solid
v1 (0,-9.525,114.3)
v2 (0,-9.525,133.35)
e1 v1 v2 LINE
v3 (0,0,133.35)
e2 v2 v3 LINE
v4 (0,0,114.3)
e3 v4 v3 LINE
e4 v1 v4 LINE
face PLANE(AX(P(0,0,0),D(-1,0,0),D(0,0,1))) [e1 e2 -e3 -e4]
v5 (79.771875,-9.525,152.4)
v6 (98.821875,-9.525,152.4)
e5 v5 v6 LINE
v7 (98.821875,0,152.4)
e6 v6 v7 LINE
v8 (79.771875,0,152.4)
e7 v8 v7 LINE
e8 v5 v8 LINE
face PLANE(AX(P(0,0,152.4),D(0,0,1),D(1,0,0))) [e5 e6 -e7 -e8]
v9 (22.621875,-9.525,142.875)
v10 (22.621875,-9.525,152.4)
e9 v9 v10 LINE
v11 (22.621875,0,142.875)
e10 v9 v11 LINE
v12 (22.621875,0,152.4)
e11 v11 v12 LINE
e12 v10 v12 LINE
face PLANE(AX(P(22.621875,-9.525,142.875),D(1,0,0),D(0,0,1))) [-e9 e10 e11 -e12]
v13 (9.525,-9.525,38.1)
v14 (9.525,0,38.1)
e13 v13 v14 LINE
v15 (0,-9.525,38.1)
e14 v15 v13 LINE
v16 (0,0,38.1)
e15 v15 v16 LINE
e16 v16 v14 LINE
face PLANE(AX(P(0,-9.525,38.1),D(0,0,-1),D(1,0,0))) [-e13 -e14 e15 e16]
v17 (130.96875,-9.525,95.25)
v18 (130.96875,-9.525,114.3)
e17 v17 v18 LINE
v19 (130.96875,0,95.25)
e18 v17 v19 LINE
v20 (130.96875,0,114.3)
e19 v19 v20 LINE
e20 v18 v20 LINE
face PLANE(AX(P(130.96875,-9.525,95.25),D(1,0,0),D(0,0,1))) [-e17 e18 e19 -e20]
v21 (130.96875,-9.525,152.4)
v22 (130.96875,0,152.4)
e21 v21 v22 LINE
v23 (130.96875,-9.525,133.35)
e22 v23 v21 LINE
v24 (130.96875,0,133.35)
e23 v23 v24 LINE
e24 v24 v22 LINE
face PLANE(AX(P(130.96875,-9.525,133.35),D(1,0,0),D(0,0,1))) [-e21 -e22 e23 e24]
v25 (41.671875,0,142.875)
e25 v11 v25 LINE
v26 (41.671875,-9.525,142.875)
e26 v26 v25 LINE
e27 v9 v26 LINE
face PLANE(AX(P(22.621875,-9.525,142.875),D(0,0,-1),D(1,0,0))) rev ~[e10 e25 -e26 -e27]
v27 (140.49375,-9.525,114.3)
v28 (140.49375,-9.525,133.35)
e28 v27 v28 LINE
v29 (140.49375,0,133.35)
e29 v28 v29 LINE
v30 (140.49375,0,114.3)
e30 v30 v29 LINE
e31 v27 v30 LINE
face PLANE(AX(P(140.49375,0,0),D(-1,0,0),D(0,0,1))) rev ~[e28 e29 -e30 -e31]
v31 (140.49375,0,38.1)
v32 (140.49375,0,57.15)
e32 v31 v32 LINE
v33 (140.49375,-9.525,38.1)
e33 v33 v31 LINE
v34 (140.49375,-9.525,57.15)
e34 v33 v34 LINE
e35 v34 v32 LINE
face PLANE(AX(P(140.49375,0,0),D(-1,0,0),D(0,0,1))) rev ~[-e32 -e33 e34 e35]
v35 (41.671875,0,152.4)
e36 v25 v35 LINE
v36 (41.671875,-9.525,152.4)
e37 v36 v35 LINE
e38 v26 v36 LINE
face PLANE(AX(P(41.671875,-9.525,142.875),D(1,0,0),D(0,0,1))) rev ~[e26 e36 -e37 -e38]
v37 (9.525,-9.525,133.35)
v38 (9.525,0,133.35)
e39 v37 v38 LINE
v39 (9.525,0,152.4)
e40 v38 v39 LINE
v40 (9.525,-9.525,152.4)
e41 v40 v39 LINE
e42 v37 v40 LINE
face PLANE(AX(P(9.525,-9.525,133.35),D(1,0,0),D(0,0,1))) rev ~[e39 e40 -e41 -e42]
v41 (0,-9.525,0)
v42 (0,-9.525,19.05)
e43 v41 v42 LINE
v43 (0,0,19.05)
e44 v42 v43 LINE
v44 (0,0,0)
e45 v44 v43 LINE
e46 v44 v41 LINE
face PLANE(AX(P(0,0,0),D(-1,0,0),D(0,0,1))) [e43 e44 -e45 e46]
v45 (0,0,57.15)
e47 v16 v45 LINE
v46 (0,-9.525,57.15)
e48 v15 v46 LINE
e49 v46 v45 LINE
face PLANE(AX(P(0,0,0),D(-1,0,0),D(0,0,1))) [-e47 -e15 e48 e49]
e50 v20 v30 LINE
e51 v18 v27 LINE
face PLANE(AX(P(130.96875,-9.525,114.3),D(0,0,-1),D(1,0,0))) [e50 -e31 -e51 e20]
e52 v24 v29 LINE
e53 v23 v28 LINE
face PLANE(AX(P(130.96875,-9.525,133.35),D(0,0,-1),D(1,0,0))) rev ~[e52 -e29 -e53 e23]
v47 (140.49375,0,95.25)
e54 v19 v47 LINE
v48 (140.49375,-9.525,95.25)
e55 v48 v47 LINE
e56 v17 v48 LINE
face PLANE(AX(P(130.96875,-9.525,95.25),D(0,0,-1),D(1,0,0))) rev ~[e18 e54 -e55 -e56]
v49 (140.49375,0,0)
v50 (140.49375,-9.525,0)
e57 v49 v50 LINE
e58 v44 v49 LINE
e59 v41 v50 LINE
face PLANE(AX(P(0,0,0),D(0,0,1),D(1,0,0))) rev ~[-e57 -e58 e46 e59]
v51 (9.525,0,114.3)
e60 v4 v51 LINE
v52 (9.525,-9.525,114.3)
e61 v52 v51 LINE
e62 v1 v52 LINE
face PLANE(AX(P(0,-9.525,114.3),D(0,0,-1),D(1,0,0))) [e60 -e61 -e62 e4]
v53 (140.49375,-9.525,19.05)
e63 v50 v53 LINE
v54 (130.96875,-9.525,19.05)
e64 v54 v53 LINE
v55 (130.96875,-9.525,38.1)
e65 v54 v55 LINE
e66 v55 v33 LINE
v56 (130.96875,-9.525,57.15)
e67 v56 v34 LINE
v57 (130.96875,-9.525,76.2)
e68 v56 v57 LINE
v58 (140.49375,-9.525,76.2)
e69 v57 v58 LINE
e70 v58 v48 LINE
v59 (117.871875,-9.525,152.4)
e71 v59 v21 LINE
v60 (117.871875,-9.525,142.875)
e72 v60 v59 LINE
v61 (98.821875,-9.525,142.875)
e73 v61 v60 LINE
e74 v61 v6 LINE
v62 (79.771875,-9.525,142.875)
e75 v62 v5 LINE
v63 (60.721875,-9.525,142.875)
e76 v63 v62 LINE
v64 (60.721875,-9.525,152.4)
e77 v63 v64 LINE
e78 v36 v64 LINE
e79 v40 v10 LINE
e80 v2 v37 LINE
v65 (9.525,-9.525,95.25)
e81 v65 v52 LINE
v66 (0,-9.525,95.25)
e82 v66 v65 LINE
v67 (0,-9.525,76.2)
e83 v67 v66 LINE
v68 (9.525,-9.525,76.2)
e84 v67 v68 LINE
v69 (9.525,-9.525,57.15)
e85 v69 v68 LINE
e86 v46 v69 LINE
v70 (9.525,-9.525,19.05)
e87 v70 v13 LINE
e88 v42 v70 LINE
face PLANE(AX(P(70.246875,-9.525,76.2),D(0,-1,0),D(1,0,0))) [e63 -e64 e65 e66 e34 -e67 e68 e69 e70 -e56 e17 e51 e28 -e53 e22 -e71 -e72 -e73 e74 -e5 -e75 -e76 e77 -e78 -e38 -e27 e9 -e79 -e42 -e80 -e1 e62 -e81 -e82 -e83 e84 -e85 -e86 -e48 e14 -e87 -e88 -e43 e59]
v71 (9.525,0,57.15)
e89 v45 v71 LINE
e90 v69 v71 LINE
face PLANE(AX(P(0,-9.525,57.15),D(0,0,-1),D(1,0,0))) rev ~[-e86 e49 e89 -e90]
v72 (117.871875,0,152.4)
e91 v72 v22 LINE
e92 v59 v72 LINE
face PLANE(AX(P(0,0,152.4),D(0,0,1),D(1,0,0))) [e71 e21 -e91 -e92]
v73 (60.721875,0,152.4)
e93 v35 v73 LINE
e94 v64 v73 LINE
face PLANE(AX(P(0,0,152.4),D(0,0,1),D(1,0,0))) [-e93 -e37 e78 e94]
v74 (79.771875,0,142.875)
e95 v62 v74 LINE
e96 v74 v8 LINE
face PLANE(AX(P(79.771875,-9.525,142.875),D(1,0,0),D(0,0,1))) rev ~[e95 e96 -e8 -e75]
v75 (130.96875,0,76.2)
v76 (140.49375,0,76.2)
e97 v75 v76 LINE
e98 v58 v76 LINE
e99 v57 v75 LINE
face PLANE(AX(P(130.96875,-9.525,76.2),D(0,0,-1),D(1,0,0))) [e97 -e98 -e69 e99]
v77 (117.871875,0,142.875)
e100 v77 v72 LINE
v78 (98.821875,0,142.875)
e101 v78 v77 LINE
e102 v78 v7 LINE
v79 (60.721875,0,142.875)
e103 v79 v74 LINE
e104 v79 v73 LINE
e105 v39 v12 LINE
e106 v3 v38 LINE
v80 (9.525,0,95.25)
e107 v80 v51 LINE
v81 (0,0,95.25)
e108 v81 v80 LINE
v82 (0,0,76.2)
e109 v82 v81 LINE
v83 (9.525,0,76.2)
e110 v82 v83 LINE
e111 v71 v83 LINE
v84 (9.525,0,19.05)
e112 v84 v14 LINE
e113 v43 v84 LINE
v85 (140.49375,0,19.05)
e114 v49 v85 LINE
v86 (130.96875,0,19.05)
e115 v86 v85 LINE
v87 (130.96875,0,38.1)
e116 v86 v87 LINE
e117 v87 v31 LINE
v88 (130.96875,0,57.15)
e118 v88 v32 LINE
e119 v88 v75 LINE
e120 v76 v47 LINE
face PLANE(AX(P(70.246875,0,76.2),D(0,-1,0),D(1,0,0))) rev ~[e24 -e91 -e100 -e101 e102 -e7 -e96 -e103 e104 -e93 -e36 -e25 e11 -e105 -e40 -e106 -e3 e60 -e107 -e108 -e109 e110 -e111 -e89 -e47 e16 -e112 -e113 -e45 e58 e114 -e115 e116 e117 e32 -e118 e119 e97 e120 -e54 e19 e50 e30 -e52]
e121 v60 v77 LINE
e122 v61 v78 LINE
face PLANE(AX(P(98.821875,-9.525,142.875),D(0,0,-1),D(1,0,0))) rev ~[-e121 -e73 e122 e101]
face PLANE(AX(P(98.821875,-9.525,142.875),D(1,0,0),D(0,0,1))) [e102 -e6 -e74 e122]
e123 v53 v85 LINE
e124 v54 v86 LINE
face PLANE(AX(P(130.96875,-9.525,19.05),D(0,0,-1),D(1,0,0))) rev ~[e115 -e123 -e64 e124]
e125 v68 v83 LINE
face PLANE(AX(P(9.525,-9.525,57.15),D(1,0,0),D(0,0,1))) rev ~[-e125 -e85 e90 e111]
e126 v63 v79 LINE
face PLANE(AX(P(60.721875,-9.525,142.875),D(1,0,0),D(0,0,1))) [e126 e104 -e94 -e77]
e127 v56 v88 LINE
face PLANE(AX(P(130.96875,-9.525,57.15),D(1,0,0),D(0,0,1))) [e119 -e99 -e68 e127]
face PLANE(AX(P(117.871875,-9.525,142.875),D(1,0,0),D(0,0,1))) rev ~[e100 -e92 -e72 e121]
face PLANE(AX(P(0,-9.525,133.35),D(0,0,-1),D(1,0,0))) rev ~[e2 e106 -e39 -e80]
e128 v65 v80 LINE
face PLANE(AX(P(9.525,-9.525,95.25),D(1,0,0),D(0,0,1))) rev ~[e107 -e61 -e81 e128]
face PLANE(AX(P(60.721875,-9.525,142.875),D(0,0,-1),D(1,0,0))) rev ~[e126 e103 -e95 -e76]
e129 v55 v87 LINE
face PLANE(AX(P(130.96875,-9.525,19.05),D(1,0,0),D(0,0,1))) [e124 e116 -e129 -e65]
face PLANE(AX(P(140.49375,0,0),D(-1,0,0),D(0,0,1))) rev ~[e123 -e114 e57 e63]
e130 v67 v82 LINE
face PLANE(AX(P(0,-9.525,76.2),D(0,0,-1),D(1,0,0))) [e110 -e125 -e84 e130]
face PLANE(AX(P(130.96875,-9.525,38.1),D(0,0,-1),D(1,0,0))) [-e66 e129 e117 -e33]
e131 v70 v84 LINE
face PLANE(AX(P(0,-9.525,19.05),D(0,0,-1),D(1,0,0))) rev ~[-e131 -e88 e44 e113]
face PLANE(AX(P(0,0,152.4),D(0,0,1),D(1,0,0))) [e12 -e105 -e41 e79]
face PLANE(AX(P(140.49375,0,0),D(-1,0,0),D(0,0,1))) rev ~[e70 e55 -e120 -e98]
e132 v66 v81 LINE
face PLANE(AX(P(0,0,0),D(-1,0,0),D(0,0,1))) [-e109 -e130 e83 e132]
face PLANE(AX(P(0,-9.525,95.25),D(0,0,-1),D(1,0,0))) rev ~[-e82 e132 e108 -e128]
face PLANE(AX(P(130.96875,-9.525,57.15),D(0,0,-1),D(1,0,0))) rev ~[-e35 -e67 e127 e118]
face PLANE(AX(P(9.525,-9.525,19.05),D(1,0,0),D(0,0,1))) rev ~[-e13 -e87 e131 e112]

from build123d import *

# Parameters (mm, degrees)
F0_W     = 140.49375
F0_H     = 152.4
F1_DEPTH = 9.525
F2_W     = 9.525
F2_H     = 19.05
F2_W_2   = 19.05
F2_H_2   = 9.525
F3_DEPTH = 25.4


with BuildPart() as f1:
    # F0 (on Front) → F1 (new body)
    with BuildSketch(Plane.XZ):
        with Locations((70.246875, 76.2)):
            Rectangle(F0_W, F0_H)
    extrude(amount=F1_DEPTH)

    # F2 (on face) → F3 (cut)
    with BuildSketch(Plane.XZ.offset(9.525)):
        with Locations((4.7625, 142.875)):
            Rectangle(F2_W, F2_H)
        with Locations((4.7625, 104.775)):
            Rectangle(F2_W, F2_H)
        with Locations((4.7625, 66.675)):
            Rectangle(F2_W, F2_H)
        with Locations((4.7625, 28.575)):
            Rectangle(F2_W, F2_H)
        with Locations((32.146875, 147.6375)):
            Rectangle(F2_W_2, F2_H_2)
        with Locations((70.246875, 147.6375)):
            Rectangle(F2_W_2, F2_H_2)
        with Locations((108.346875, 147.6375)):
            Rectangle(F2_W_2, F2_H_2)
        with Locations((135.73125, 142.875)):
            Rectangle(F2_W, F2_H)
        with Locations((135.73125, 104.775)):
            Rectangle(F2_W, F2_H)
        with Locations((135.73125, 66.675)):
            Rectangle(F2_W, F2_H)
        with Locations((135.73125, 28.575)):
            Rectangle(F2_W, F2_H)
    extrude(amount=-F3_DEPTH, mode=Mode.SUBTRACT)


solid = f1.part
